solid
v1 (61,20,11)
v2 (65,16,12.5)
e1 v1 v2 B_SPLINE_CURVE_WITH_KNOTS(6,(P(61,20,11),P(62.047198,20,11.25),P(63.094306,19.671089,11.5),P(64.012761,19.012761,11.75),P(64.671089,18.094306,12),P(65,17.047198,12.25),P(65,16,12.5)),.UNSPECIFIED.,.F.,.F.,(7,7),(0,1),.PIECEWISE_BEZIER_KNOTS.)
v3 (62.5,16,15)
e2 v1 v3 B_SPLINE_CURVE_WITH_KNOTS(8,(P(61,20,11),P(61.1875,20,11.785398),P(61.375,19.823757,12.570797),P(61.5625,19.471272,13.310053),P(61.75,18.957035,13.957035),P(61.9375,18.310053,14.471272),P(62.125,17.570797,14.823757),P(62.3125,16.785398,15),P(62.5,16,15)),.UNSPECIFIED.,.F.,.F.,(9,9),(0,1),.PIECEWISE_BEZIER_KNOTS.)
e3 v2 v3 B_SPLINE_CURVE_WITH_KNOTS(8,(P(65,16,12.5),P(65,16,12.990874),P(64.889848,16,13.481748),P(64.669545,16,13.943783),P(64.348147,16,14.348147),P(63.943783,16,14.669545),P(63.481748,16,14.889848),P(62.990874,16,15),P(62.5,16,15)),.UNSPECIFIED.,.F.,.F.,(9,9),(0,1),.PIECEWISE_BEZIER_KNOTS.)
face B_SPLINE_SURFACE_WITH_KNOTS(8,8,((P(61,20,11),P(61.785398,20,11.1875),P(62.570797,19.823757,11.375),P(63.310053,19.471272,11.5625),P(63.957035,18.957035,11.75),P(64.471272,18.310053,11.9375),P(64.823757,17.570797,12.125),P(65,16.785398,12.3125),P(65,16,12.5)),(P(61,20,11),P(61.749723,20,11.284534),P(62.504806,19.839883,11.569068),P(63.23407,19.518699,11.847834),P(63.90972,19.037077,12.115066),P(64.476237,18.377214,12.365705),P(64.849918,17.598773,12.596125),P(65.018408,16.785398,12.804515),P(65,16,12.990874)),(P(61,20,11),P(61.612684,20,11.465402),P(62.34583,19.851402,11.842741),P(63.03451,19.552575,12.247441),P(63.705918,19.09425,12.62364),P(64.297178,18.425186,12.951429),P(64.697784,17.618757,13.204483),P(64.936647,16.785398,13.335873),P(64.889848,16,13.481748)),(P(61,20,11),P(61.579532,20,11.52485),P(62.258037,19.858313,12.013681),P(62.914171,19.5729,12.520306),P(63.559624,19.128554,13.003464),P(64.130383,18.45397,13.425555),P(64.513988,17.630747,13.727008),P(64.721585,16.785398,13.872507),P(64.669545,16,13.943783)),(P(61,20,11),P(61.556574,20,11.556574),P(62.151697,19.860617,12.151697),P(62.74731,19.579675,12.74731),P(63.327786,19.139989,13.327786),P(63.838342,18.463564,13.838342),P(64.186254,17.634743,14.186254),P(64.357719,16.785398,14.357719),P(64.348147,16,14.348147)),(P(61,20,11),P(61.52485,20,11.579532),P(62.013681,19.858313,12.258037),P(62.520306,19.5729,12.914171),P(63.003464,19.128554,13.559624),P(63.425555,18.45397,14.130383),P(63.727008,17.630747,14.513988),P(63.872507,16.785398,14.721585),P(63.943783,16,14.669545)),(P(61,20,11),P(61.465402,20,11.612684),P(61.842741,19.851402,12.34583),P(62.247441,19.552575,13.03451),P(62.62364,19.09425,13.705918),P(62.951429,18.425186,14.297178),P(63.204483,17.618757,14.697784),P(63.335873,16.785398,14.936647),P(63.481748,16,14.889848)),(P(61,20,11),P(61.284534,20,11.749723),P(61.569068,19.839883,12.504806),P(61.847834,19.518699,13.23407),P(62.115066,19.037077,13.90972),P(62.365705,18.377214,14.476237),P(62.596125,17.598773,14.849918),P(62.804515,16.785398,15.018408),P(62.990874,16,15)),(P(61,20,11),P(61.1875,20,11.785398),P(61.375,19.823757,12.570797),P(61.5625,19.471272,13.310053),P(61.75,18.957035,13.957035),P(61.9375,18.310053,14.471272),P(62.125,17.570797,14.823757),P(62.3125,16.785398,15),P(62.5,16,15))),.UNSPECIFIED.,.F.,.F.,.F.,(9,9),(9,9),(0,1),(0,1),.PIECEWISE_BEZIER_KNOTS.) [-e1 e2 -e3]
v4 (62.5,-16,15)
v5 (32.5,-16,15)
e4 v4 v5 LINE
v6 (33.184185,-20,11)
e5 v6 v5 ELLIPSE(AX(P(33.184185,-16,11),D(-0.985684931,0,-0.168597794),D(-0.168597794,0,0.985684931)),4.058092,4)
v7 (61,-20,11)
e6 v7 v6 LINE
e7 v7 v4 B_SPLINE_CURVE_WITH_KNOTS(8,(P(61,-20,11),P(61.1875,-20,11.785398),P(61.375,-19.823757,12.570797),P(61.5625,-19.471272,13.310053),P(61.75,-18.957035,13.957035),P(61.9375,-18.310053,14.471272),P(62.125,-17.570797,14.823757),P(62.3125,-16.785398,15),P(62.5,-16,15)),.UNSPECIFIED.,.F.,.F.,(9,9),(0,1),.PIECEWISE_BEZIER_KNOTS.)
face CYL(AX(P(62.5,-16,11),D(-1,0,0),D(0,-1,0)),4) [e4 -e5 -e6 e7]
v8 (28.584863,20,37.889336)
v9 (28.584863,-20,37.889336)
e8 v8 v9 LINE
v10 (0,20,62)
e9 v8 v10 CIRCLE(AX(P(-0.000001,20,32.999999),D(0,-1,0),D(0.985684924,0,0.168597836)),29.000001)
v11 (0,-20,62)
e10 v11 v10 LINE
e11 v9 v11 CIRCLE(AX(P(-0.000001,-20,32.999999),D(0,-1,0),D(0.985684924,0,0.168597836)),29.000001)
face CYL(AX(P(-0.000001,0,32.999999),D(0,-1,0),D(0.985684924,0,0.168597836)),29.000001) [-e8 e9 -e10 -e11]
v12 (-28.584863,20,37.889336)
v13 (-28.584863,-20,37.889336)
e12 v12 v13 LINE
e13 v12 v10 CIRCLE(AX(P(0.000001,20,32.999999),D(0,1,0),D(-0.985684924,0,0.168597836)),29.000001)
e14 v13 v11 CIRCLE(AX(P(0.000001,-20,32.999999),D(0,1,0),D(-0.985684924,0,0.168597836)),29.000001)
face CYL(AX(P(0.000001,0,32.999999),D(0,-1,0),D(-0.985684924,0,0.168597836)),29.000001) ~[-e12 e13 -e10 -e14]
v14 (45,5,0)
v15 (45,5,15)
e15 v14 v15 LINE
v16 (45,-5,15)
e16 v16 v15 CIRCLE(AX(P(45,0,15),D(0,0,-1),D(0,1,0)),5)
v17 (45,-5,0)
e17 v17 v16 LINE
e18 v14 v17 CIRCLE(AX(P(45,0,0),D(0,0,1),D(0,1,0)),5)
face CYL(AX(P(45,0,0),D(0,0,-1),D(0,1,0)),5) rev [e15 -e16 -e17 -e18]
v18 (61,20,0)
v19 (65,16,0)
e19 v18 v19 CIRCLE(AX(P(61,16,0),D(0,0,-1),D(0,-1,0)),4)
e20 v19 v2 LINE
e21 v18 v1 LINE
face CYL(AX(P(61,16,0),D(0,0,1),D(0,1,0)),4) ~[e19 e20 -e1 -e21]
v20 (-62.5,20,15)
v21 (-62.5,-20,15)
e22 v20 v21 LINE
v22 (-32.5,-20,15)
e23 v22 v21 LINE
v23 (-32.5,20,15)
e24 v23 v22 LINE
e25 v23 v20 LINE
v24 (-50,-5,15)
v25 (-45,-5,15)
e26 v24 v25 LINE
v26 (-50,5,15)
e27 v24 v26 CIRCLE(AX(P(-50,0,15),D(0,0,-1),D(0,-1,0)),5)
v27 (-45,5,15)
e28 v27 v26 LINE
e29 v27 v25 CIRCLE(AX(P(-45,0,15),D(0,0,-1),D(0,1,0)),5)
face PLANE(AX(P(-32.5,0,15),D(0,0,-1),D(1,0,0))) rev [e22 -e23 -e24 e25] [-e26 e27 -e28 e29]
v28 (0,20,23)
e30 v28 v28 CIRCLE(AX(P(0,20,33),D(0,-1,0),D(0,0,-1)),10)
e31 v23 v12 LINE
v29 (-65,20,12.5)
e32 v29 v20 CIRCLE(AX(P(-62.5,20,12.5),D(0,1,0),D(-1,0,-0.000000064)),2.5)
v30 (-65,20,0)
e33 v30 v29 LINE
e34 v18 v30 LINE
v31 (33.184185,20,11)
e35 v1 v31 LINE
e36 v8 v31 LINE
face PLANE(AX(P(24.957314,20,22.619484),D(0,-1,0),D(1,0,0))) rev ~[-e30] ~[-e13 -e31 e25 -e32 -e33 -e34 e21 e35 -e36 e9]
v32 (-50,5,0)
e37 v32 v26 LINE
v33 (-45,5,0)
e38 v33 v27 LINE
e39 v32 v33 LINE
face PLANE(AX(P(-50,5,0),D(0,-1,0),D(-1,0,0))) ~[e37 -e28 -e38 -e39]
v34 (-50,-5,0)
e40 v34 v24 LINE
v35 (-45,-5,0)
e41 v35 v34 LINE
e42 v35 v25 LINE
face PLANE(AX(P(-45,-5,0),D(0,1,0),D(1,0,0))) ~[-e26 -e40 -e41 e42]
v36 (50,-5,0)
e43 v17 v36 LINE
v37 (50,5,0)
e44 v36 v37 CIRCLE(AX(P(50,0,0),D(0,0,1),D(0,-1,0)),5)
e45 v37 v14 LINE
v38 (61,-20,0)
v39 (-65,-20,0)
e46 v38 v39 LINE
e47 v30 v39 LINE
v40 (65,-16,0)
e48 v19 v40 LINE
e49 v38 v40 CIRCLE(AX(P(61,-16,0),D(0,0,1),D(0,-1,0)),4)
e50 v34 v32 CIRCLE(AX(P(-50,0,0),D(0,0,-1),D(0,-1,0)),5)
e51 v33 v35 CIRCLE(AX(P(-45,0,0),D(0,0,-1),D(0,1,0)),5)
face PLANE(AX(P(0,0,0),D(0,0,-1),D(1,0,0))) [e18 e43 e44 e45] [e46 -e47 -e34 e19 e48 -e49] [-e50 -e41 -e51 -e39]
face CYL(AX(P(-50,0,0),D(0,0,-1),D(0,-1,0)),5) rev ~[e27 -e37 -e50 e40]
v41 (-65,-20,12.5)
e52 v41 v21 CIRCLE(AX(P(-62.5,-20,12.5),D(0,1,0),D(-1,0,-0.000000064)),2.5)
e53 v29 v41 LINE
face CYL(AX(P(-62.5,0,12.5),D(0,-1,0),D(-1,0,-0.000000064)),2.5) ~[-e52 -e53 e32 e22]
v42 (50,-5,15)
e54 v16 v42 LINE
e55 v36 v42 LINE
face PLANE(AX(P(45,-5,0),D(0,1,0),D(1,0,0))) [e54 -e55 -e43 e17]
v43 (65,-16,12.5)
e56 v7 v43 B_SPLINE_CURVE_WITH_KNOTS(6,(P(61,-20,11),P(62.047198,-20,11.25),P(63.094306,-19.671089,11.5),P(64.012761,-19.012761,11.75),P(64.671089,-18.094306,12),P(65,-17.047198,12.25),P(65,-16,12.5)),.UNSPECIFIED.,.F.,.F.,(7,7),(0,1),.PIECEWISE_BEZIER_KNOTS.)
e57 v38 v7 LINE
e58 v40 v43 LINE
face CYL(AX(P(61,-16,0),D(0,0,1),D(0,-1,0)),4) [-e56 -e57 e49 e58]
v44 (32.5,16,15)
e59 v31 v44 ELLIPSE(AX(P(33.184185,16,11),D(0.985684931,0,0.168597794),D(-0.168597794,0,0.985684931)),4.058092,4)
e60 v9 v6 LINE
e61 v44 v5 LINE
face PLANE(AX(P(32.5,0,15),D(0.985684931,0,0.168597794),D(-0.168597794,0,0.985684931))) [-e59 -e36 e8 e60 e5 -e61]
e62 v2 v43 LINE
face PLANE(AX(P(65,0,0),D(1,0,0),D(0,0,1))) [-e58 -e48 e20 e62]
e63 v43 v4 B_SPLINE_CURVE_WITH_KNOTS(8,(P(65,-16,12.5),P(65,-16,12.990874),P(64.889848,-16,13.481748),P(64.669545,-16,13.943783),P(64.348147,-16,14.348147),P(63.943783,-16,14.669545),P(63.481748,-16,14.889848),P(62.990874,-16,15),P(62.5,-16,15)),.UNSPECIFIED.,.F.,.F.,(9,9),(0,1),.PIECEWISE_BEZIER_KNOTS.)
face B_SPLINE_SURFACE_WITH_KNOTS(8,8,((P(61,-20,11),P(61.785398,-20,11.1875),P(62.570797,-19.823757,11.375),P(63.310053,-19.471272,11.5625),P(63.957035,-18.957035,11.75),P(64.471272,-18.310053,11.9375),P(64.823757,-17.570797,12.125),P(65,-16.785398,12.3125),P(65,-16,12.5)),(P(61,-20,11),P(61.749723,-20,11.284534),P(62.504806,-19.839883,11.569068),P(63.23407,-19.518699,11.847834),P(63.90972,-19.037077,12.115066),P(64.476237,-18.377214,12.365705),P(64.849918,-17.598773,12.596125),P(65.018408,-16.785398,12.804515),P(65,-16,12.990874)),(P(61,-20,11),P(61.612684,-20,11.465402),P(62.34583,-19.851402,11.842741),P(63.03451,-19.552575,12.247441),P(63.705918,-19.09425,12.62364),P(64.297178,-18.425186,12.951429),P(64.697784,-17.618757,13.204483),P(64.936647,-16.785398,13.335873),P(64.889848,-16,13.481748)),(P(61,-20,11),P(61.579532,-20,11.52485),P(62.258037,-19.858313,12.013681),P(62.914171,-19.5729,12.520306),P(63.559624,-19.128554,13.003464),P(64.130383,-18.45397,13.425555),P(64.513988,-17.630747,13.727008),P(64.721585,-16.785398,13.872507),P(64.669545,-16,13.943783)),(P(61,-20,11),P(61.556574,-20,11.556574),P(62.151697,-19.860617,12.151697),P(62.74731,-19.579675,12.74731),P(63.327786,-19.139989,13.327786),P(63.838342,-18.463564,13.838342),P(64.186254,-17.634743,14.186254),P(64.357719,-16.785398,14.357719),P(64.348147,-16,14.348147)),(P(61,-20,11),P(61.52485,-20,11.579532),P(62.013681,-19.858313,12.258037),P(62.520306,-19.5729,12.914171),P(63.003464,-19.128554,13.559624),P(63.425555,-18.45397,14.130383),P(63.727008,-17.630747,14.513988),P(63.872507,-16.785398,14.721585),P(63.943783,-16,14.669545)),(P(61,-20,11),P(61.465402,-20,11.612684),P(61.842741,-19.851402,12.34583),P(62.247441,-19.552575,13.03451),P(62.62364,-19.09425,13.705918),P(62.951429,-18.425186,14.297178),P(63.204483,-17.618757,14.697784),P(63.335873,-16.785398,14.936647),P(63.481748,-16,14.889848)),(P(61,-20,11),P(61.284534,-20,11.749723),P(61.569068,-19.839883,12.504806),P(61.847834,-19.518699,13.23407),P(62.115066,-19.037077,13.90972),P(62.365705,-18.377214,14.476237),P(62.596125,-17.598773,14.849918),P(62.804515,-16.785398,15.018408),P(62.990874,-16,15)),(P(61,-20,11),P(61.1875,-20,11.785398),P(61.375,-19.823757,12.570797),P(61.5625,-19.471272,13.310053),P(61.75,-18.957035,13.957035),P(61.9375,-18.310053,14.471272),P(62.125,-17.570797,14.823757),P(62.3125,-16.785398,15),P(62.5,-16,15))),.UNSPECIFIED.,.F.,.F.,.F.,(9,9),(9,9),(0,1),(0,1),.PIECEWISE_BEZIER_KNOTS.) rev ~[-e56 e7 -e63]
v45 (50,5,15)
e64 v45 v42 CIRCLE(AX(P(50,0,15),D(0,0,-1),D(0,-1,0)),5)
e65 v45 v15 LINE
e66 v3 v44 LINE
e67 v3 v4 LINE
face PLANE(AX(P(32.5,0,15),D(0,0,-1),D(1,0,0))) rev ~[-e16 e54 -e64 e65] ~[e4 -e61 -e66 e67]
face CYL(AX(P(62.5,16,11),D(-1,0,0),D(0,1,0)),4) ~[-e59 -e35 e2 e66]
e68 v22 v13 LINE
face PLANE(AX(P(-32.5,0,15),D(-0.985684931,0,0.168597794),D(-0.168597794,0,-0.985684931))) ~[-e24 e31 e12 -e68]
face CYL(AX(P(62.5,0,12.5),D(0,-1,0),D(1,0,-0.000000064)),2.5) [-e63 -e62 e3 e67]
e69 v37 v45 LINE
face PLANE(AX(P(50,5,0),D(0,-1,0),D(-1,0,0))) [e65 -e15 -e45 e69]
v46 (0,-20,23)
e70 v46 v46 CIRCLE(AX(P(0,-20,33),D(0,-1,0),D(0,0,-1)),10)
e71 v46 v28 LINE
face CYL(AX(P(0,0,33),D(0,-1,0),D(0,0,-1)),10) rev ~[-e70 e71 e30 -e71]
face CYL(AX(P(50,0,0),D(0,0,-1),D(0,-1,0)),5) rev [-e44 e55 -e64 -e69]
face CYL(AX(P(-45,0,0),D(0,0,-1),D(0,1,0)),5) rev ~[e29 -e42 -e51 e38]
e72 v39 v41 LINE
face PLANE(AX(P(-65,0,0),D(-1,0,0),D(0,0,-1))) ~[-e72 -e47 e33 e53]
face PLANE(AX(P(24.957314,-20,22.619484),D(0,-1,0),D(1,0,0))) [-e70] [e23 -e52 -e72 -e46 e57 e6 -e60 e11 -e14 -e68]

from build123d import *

# Parameters (mm, degrees)
PAD_DEPTH    = 20
POCKET_DEPTH = 258.663147
FILLET_R     = 4


with BuildPart() as part:
    # Sketch → Pad (new body, symmetric)
    with BuildSketch(Plane.XZ):
        with BuildLine():
            Line((0, 23), (0, 0))
            Line((0, 0), (65, 0))
            Line((65, 0), (65, 12.5))
            ThreePointArc((65, 12.5), (64.267767, 14.267767), (62.5, 15))
            Line((47.5, 15), (62.5, 15))
            Line((32.5, 15), (47.5, 15))
            Line((32.5, 15), (28.584863, 37.889336))
            ThreePointArc((28.584863, 37.889336), (18.697717, 55.167439), (0, 62))
            Line((0, 43), (0, 62))
            ThreePointArc((0, 23), (10, 33), (0, 43))
        make_face()
    pad = extrude(amount=PAD_DEPTH, both=True)

    # Sketch001 → Pocket (cut, through all)
    with BuildSketch(Plane.XY):
        with BuildLine():
            ThreePointArc((45, 5), (40, 0), (45, -5))
            Line((45, -5), (50, -5))
            ThreePointArc((50, -5), (55, 0), (50, 5))
            Line((50, 5), (45, 5))
        make_face()
    pocket = extrude(amount=POCKET_DEPTH, mode=Mode.SUBTRACT)

    # Mirrored: Pad, Pocket across Sketch V_Axis
    add(pad.mirror(Plane(origin=(0, 0, 0), x_dir=(0, -1, 0), z_dir=(1, 0, 0))))
    add(pocket.mirror(Plane(origin=(0, 0, 0), x_dir=(0, -1, 0), z_dir=(1, 0, 0))), mode=Mode.SUBTRACT)

    # Fillet
    fillet_edges = [part.edges().sort_by_distance(p)[0] for p in [
        (65, -20, 6.25),
        (65, 20, 6.25),
    ]]
    fillet(fillet_edges, radius=FILLET_R)


solid = part.part
